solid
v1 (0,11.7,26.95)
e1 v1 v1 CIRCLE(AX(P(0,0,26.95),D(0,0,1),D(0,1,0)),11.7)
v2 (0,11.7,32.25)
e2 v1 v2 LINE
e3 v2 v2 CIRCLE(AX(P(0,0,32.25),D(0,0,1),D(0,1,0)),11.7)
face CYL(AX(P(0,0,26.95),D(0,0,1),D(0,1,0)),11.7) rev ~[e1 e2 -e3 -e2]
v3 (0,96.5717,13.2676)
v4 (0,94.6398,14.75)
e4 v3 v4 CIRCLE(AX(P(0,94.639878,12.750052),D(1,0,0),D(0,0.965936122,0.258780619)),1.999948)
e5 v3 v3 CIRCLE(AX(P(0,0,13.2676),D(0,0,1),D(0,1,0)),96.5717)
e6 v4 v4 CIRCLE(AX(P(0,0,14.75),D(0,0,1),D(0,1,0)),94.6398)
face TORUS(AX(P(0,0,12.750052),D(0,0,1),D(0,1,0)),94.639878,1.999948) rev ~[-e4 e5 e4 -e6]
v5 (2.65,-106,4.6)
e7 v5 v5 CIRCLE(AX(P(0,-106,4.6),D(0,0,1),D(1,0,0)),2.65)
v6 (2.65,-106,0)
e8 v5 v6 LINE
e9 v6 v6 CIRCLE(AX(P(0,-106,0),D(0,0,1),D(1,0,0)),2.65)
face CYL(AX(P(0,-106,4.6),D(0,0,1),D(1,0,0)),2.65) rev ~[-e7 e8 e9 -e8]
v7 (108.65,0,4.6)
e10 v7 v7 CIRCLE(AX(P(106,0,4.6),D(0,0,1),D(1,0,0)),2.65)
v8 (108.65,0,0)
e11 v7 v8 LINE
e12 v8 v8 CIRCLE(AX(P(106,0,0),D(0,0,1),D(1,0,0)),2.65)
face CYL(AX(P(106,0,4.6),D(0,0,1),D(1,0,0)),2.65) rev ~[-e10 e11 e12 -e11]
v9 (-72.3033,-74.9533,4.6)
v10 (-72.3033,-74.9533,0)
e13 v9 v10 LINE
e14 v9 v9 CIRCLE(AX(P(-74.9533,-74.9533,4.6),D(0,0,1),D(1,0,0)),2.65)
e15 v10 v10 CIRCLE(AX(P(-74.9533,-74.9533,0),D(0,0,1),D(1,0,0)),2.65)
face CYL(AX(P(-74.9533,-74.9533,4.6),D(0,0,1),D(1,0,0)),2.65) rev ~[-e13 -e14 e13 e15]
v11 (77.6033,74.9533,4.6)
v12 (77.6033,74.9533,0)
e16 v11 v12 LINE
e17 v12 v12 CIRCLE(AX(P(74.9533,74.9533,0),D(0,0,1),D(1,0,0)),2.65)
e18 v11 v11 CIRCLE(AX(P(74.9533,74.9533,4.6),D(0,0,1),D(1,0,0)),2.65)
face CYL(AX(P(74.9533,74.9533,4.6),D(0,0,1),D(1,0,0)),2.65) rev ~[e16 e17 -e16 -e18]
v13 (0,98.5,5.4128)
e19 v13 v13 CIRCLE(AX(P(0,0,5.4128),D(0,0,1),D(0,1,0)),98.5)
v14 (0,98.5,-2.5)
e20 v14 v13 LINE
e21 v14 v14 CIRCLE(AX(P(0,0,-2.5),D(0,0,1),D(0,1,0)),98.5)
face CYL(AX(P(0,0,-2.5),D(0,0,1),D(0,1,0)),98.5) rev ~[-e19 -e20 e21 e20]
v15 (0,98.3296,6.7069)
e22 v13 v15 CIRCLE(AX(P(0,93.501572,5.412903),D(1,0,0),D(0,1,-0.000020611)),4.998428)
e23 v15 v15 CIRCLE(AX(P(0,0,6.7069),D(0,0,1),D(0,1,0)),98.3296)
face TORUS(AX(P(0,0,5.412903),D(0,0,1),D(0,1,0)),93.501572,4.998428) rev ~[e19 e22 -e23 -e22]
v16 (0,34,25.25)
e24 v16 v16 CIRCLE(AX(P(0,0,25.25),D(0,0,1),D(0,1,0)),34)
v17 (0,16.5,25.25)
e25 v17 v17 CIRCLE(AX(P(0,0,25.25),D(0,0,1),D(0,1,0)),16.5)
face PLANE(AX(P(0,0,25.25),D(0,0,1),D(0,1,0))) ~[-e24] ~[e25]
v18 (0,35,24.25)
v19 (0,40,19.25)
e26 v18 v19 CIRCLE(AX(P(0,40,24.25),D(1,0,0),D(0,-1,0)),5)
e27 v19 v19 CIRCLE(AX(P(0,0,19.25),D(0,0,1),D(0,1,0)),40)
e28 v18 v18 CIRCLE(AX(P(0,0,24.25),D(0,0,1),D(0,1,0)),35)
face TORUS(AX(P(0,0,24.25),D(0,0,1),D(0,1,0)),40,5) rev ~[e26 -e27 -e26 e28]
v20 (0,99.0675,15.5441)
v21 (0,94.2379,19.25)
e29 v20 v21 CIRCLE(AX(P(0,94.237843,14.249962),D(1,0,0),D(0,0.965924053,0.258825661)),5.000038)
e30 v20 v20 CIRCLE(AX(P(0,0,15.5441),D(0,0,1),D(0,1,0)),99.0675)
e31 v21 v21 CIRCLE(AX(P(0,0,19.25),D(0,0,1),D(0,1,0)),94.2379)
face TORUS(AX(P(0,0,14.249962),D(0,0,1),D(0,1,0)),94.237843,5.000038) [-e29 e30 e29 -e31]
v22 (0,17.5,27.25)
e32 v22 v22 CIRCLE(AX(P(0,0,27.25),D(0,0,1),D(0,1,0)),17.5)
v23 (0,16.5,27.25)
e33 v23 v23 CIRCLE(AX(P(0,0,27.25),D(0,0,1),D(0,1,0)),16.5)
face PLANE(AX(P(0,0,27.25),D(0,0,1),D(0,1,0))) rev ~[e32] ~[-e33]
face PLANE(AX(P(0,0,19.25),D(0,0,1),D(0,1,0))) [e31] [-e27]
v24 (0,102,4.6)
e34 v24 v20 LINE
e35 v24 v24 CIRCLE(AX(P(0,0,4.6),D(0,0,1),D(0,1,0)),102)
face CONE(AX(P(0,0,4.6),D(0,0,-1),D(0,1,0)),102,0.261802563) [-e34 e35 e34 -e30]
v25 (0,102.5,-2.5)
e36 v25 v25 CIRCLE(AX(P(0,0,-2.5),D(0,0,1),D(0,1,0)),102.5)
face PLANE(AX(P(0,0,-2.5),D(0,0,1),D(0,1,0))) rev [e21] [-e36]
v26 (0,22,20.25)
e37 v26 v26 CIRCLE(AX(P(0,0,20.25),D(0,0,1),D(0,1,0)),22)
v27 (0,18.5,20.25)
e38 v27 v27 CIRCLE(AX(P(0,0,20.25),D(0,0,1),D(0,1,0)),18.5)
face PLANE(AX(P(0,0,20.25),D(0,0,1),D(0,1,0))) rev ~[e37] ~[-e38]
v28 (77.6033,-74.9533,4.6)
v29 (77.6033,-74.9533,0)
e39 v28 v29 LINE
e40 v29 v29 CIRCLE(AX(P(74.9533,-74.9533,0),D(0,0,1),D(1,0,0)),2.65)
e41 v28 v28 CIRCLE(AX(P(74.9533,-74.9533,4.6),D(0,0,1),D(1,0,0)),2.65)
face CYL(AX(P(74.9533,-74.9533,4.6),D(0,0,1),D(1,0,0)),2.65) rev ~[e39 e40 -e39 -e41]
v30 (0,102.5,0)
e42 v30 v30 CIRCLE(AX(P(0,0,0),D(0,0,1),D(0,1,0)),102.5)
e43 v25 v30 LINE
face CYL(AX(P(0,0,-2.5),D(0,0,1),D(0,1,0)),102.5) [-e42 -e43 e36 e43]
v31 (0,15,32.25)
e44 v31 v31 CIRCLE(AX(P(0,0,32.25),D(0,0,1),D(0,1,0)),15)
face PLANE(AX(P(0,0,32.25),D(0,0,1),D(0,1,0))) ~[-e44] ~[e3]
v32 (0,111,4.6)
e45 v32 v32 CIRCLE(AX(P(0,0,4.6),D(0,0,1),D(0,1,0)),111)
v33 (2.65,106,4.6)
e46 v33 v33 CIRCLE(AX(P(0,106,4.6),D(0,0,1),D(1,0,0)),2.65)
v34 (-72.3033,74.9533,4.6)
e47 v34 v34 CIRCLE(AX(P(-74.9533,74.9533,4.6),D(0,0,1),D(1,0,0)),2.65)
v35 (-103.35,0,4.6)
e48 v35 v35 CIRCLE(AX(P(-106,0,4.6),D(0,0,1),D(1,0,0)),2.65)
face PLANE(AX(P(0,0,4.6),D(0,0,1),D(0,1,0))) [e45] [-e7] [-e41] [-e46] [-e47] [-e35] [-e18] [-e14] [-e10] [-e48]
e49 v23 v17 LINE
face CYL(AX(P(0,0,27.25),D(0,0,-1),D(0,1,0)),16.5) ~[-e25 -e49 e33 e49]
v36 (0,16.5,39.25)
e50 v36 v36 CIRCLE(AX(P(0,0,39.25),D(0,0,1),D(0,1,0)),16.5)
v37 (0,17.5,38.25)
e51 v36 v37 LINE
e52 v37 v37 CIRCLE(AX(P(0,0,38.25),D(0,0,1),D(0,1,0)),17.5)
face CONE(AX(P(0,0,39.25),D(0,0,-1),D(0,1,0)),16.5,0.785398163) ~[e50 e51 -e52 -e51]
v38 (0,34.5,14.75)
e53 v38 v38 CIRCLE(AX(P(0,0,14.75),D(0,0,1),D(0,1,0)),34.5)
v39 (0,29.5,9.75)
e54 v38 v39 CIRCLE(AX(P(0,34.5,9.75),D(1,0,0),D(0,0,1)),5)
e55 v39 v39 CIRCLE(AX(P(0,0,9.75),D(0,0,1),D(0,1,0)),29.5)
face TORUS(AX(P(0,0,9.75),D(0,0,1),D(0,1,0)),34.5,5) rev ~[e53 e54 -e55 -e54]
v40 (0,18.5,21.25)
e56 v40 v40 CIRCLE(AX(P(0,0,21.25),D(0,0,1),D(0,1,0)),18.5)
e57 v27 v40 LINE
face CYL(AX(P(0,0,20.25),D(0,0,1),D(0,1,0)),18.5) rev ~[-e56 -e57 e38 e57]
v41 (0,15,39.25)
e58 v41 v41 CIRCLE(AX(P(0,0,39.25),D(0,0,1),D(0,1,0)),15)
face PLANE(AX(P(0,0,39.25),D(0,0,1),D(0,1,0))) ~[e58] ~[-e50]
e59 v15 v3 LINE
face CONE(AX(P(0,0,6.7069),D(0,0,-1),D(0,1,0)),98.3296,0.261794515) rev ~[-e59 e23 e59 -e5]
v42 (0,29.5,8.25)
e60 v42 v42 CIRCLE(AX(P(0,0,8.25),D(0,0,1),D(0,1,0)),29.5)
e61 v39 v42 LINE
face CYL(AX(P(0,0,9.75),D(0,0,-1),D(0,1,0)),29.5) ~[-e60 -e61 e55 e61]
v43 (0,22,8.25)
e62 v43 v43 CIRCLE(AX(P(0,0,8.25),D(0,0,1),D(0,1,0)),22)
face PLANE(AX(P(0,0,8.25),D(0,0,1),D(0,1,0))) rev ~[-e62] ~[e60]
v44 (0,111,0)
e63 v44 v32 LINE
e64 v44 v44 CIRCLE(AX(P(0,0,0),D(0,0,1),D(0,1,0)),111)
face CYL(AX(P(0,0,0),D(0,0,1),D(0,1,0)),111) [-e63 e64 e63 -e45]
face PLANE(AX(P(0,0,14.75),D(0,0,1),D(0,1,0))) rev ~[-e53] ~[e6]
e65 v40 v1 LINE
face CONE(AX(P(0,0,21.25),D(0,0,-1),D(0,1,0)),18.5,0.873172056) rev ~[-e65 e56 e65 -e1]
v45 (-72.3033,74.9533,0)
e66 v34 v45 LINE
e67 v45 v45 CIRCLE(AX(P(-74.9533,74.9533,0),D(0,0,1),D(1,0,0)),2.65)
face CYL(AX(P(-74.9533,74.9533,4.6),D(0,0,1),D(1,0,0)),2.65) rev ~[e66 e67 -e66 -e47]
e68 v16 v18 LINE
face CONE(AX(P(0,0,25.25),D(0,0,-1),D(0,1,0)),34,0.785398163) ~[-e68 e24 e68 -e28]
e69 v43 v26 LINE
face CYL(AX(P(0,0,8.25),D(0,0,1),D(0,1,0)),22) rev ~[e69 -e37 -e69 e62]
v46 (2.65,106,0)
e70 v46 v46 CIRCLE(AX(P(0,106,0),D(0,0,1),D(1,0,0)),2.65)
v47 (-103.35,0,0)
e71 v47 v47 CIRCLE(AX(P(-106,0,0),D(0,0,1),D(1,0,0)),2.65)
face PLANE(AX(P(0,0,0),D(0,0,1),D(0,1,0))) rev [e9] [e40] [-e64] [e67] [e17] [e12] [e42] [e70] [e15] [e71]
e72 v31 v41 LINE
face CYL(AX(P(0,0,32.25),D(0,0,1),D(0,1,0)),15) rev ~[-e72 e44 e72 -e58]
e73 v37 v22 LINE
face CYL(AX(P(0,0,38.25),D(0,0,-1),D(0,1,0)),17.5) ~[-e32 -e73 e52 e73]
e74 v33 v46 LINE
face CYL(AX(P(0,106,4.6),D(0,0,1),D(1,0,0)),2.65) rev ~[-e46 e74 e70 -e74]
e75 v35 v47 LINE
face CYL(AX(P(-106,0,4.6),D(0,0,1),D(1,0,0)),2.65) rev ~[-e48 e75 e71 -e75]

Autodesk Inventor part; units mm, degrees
ref_plane "YZ Plane" through (0, 0, 0) normal (1, 0, 0) x (0, 1, 0)
ref_plane "XZ Plane" through (0, 0, 0) normal (0, 1, 0) x (-1, 0, 0)
ref_plane "XY Plane" through (0, 0, 0) normal (0, 0, 1) x (1, 0, 0)
sketch "Esquisse1" plane through (0, 0, 0) normal (1, 0, 0) x (0, 1, 0)
  line L0 (0, 0) -> (0, 42.75) construction
  line L1 (98.5, -2.5) -> (102.5, -2.5)
  line L2 (102.5, -2.5) -> (102.5, 0)
  line L3 (102.5, 0) -> (111, 0)
  line L4 (111, 0) -> (111, 4.6)
  line L5 (111, 4.6) -> (102, 4.6)
  line L6 (102, 4.6) -> (99.0675, 15.5441)
  arc A0 (99.0675, 15.5441) -> (94.2379, 19.25) centre (94.2379, 14.25) ccw
  line L7 (94.2379, 19.25) -> (40, 19.25)
  line L8 (15, 39.25) -> (16.5, 39.25)
  line L9 (16.5, 39.25) -> (17.5, 38.25)
  line L10 (17.5, 38.25) -> (17.5, 27.25)
  line L11 (17.5, 27.25) -> (16.5, 27.25)
  line L12 (16.5, 27.25) -> (16.5, 25.25)
  line L13 (16.5, 25.25) -> (34, 25.25)
  line L14 (34, 25.25) -> (35, 24.25)
  arc A1 (35, 24.25) -> (40, 19.25) centre (40, 24.25) ccw
  line L15 (94.6398, 14.75) -> (34.5, 14.75)
  line L16 (98.3296, 6.7069) -> (96.5717, 13.2676)
  arc A2 (96.5717, 13.2676) -> (94.6398, 14.75) centre (94.6398, 12.75) ccw
  line L17 (98.5, -2.5) -> (98.5, 5.4128)
  arc A3 (98.5, 5.4128) -> (98.3296, 6.7069) centre (93.5, 5.4128) ccw
  line L18 (29.5, 9.75) -> (29.5, 8.25)
  arc A4 (34.5, 14.75) -> (29.5, 9.75) centre (34.5, 9.75) ccw
  line L19 (29.5, 8.25) -> (22, 8.25)
  line L20 (22, 8.25) -> (22, 20.25)
  line L21 (22, 20.25) -> (18.5, 20.25)
  line L22 (18.5, 20.25) -> (18.5, 21.25)
  line L23 (18.5, 21.25) -> (11.7, 26.95)
  line L24 (11.7, 26.95) -> (11.7, 32.25)
  line L25 (11.7, 32.25) -> (15, 32.25)
  line L26 (15, 32.25) -> (15, 39.25)
  line L27 (40, 24.25) -> (35, 24.25) construction
  dimension "d0" = 111
  dimension "d1" = 102.5
  dimension "d3" = 2.5
  dimension "d4" = 4.6
  dimension "d5" = 0.5
  dimension "d8" = 5
  dimension "d16" = 105
  dimension "d17" = 42.75
  dimension "d40" = 39.25
  dimension "d42" = 1
  dimension "d43" = 1
  dimension "d45" = 1
  dimension "d46" = 2
  dimension "d47" = 1
  dimension "d48" = 1
  dimension "d49" = 5
  dimension "d50" = 17.5
  dimension "d51" = 35
  dimension "d56" = 23.5
  dimension "d57" = 3
  dimension "d58" = 4.5
  dimension "d59" = 2
  dimension "d60" = 98.5
  dimension "d61" = 5
  dimension "d62" = 5
  dimension "d63" = 22
  dimension "d64" = 29.5
  dimension "d65" = 17
  dimension "d66" = 12
  dimension "d67" = 18.5
  dimension "d68" = 1
  dimension "d69" = 5.7
  dimension "d70" = 6.8
  dimension "d71" = 7
  dimension "d72" = 15
revolve "Révolution1" add sketch "Esquisse1" angle 360 about axis through (0, 0, 0) along (0, 0, 1)
sketch "Esquisse2" plane through (0, 0, 4.6) normal (0, 0, 1) x (1, 0, 0)
  circle A0 centre (-106, 0) radius 2.65
  circle A1 centre (-74.9533, 74.9533) radius 2.65
  circle A2 centre (0, 106) radius 2.65
  circle A3 centre (74.9533, 74.9533) radius 2.65
  circle A4 centre (106, 0) radius 2.65
  circle A5 centre (74.9533, -74.9533) radius 2.65
  circle A6 centre (0, -106) radius 2.65
  circle A7 centre (-74.9533, -74.9533) radius 2.65
  line L0 (0, 0) -> (-106, 0) construction
  dimension "d19" = 5.3
  dimension "d22" = 360
  dimension "d24" = 212
extrude "Extrusion1" cut sketch "Esquisse2" against normal through all
thread "Filetage1" size "M35x1.5" class "6g" standard "ANSI Metric M Profile" full length
thread "Filetage2" size "M35x1.5" class "6g" standard "ANSI Metric M Profile" full length
properties part number "Flasque 1"
